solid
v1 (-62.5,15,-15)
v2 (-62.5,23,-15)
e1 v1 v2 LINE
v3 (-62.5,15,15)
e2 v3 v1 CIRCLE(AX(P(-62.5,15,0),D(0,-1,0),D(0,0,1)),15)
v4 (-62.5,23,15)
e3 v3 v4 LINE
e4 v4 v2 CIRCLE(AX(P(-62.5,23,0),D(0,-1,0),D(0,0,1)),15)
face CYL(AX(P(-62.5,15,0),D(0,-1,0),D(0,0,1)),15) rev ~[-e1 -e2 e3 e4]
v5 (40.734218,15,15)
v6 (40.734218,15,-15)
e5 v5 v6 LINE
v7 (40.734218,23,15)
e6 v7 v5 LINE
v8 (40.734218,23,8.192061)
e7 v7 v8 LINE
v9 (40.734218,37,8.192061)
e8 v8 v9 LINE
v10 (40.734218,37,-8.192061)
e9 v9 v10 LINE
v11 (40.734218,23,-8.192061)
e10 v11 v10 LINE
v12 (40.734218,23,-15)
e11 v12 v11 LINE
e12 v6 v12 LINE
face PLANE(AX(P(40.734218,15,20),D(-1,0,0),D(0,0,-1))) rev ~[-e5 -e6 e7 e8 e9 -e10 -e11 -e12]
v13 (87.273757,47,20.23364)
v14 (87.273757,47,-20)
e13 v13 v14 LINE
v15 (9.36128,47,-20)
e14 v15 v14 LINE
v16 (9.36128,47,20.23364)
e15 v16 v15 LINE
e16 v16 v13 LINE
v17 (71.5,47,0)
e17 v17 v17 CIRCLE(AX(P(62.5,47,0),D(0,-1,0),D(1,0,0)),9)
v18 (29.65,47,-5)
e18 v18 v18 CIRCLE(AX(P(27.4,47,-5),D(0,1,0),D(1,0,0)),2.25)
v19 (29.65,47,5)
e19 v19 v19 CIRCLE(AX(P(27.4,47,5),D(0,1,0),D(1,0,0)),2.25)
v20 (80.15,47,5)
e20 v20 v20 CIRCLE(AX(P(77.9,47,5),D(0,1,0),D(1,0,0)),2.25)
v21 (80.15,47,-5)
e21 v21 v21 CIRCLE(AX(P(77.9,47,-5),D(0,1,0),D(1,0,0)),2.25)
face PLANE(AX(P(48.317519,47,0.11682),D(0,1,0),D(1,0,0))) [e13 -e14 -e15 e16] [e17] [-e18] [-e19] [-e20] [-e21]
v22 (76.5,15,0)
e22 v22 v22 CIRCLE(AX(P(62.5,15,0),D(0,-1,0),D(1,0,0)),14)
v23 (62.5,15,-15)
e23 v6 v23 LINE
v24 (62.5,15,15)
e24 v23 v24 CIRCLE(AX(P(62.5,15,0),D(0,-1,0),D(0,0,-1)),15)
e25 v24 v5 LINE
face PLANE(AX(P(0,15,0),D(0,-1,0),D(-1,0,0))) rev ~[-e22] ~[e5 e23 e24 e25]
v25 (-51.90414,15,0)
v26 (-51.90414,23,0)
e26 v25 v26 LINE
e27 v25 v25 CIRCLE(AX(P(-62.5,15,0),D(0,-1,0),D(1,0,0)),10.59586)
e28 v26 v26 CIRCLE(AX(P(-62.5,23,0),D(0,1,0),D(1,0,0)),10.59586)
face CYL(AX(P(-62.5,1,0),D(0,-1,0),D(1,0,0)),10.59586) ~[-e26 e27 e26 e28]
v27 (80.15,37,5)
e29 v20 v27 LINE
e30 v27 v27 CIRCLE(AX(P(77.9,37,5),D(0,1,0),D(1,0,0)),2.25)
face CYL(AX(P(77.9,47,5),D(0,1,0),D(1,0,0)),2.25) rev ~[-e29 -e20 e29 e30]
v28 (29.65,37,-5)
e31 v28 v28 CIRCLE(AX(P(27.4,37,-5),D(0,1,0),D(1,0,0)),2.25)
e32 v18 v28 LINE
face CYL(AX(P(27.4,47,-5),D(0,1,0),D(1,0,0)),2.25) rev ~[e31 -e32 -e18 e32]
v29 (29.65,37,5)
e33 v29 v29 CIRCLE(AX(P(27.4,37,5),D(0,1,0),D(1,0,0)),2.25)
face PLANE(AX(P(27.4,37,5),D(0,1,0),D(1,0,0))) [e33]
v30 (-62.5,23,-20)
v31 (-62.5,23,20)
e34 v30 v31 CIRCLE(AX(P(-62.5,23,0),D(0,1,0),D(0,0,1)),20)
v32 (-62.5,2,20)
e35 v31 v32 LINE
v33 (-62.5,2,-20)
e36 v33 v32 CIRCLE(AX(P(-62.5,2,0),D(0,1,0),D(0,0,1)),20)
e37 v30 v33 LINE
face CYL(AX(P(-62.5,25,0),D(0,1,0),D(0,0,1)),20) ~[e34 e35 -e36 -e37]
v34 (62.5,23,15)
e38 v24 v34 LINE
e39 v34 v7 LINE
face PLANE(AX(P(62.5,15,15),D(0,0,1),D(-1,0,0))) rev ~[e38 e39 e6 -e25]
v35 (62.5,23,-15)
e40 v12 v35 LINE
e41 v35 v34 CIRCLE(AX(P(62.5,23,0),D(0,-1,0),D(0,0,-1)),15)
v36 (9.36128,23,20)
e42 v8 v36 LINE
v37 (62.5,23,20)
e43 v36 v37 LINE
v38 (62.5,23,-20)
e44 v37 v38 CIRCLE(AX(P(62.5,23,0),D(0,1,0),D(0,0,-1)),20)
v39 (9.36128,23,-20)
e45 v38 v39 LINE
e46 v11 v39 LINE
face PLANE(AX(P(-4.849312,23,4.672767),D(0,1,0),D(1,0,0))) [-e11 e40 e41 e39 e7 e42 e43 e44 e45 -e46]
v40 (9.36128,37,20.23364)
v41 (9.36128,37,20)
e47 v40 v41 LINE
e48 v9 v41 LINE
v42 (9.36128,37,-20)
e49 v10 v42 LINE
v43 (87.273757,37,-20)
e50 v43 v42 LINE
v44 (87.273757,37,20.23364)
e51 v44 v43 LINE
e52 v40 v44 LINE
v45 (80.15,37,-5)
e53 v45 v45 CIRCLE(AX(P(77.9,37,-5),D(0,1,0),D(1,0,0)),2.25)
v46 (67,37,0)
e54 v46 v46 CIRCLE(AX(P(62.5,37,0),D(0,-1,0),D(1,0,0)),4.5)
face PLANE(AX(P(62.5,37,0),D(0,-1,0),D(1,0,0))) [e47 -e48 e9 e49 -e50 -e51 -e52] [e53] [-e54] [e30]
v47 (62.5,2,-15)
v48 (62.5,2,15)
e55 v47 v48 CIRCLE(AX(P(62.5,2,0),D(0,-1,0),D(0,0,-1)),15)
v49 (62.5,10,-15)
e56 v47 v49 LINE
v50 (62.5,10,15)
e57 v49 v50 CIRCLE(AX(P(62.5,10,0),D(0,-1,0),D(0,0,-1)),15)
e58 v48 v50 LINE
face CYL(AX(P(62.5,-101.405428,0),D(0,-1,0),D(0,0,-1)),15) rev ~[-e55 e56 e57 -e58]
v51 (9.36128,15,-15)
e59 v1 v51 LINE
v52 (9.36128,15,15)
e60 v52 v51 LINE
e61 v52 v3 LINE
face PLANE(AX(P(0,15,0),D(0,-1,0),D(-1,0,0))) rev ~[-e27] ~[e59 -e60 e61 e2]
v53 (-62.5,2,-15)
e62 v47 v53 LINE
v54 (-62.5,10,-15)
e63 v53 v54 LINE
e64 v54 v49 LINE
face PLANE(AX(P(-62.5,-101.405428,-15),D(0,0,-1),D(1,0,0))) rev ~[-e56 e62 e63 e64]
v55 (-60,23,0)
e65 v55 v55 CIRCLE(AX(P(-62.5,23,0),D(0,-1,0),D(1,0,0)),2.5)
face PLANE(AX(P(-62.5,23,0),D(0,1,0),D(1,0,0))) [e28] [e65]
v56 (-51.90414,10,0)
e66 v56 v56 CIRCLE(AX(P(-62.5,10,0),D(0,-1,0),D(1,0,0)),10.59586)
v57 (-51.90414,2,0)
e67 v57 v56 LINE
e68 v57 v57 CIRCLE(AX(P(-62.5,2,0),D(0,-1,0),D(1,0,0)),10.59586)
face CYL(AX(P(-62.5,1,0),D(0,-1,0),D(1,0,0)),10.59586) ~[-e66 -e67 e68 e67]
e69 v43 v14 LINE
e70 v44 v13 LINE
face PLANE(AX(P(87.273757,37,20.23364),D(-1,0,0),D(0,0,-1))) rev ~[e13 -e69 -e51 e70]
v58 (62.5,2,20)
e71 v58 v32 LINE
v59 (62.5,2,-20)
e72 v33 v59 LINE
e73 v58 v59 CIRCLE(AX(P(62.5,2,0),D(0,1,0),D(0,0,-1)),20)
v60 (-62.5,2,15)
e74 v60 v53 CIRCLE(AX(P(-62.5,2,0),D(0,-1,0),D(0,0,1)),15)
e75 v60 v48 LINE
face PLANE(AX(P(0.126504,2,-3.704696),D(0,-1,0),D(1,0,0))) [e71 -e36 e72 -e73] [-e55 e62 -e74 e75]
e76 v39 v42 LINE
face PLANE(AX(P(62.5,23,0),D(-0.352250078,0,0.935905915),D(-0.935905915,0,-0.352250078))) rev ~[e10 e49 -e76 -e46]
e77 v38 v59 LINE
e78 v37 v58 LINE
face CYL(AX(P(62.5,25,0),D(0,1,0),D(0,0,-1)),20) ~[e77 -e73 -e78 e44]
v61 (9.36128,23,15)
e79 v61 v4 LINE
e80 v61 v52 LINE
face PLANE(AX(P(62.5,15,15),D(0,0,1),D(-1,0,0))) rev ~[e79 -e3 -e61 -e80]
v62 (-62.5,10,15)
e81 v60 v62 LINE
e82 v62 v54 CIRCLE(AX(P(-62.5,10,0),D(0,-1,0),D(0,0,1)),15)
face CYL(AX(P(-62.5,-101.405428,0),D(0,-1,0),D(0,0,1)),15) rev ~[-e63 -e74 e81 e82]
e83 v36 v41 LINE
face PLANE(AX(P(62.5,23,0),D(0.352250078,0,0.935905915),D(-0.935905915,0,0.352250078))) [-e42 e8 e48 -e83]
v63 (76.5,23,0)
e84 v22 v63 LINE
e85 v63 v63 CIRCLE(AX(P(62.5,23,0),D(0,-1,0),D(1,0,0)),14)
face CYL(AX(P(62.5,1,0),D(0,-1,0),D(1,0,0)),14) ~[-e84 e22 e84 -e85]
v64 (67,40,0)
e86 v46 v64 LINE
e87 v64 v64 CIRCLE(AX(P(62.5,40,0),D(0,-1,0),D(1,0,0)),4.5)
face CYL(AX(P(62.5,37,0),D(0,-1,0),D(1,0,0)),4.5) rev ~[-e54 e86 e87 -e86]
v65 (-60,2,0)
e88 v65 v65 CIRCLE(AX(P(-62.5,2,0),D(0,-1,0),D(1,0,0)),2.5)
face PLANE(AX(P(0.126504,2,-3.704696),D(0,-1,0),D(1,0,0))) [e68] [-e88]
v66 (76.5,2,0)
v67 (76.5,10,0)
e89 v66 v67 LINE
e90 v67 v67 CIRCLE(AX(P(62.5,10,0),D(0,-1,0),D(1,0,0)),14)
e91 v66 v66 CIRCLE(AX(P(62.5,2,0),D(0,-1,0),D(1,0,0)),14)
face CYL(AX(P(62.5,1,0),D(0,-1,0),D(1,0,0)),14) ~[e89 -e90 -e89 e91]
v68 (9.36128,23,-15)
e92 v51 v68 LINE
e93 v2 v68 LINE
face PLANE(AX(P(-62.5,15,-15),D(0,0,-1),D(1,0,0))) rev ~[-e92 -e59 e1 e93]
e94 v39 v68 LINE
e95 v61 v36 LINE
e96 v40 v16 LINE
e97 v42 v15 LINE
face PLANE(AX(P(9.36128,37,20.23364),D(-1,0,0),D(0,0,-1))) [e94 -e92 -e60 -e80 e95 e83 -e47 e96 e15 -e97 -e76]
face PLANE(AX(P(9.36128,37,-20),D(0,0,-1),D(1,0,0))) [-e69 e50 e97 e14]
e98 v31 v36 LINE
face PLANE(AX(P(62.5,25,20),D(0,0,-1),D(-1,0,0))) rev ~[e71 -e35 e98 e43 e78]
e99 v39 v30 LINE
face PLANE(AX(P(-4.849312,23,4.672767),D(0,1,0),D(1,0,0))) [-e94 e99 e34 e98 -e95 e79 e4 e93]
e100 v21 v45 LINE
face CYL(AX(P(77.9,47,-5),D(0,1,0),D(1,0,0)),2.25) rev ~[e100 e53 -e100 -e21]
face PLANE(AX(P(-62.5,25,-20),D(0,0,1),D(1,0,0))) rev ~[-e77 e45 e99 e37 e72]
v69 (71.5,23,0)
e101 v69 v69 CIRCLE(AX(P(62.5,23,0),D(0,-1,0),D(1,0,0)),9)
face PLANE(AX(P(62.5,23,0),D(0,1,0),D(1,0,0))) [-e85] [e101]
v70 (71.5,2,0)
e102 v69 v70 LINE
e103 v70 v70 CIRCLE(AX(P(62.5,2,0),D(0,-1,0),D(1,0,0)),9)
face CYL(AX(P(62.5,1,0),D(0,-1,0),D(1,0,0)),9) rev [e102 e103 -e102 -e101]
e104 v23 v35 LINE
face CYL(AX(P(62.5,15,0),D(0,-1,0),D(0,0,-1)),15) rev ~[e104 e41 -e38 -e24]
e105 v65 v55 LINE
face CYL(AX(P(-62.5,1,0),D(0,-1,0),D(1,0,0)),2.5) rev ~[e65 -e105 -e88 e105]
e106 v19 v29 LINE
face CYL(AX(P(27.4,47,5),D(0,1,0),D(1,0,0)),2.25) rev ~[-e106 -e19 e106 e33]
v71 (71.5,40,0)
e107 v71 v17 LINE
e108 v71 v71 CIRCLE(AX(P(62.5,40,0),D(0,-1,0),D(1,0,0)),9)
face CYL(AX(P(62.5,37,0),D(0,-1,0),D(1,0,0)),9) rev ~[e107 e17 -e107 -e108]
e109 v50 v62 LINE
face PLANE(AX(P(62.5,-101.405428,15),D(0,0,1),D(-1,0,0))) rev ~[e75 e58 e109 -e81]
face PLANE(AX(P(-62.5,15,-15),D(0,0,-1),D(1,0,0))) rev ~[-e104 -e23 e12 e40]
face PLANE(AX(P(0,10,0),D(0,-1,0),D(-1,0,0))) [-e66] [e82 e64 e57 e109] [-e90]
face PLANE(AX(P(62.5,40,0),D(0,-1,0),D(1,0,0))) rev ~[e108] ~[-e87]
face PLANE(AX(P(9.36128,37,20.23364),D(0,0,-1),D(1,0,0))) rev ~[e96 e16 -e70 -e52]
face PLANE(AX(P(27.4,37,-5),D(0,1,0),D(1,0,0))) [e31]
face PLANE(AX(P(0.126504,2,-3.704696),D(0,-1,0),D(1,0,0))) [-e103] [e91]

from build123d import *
from build123d.topology import SkipClean

# Parameters (mm, degrees)
BOSS_EXTRUDE1_DEPTH      = 25
SKETCH4_R                = 2.5
CUT_EXTRUDE1_DEPTH       = 101.40542814
CUT_EXTRUDE2_DEPTH       = 10
CUT_EXTRUDE2_DEPTH_BACK  = 101.40542814
CUT_EXTRUDE3_START       = -10
CUT_EXTRUDE3_DEPTH       = 10
SKETCH8_R                = 9
CUT_EXTRUDE5_DEPTH       = 99.393343271
CUT_EXTRUDE6_REACH       = 102.405
BOSS_EXTRUDE3_DEPTH      = 8
BOSS_EXTRUDE3_DEPTH_BACK = 14
SKETCH11_R               = 14
SKETCH11_R_2             = 9
BOSS_EXTRUDE4_DEPTH      = 8
BOSS_EXTRUDE4_DEPTH_BACK = 14
SKETCH9_R                = 10.595859712
SKETCH12_R               = 2.5
CUT_EXTRUDE7_DEPTH       = 89.217061842
SKETCH13_W               = 193.888130969
SKETCH13_H               = 72.528835421
CUT_EXTRUDE8_DEPTH       = 2
SKETCH14_W               = 198.779610567
SKETCH14_H               = 62.99888379
CUT_EXTRUDE9_DEPTH       = 2
SKETCH15_W               = 31.372938112
SKETCH15_H               = 40
BOSS_EXTRUDE6_DEPTH      = 22
SKETCH16_W               = 77.912477191
SKETCH16_H               = 40.233640204
BOSS_EXTRUDE7_DEPTH      = 10
SKETCH17_R               = 9
CUT_EXTRUDE10_DEPTH      = 10
SKETCH18_R               = 2.25
CUT_EXTRUDE11_DEPTH      = 10
CUT_EXTRUDE12_DEPTH      = 14
CUT_EXTRUDE13_DEPTH      = 14
SKETCH21_R               = 9
SKETCH21_R_2             = 4.5
BOSS_EXTRUDE9_DEPTH      = 3


with BuildPart() as part:
    # Sketch1 → Boss-Extrude1 (new body)
    with BuildSketch(Plane(origin=(0, 0, 0), x_dir=(1, 0, 0), z_dir=(0, 1, 0))):
        with BuildLine():
            Line((-62.5, 30), (62.5, 30))
            ThreePointArc((62.5, 30), (92.5, 0), (62.5, -30))
            Line((62.5, -30), (-62.5, -30))
            ThreePointArc((-62.5, -30), (-92.5, 0), (-62.5, 30))
        make_face()
    extrude(amount=BOSS_EXTRUDE1_DEPTH)

    # Sketch4 → Cut-Extrude1 (cut, through all)
    with BuildSketch(Plane(origin=(0, 25, 0), x_dir=(1, 0, 0), z_dir=(0, 1, 0))):
        with Locations((-62.5, 0)):
            Circle(SKETCH4_R)
    extrude(amount=-CUT_EXTRUDE1_DEPTH, mode=Mode.SUBTRACT)

    # Sketch1<3> → Cut-Extrude2 (cut, two sides: drawn at the far end of the back side and taken through both)
    with BuildSketch(Plane(origin=(0, 0, 0), x_dir=(1, 0, 0), z_dir=(0, 1, 0)).offset(-CUT_EXTRUDE2_DEPTH_BACK)):
        with BuildLine():
            Line((-62.5, 15), (62.5, 15))
            ThreePointArc((62.5, 15), (77.5, 0), (62.5, -15))
            Line((62.5, -15), (-62.5, -15))
            ThreePointArc((-62.5, -15), (-77.5, 0), (-62.5, 15))
        make_face()
    extrude(amount=CUT_EXTRUDE2_DEPTH + CUT_EXTRUDE2_DEPTH_BACK, mode=Mode.SUBTRACT)

    # Sketch7 → Cut-Extrude3 (cut)
    with BuildSketch(Plane(origin=(0, 25, 0), x_dir=(1, 0, 0), z_dir=(0, 1, 0)).offset(CUT_EXTRUDE3_START)):
        with BuildLine():
            Line((-62.5, 15), (62.5, 15))
            ThreePointArc((62.5, 15), (77.5, 0), (62.5, -15))
            Line((62.5, -15), (-62.5, -15))
            ThreePointArc((-62.5, -15), (-77.5, 0), (-62.5, 15))
        make_face()
    extrude(amount=CUT_EXTRUDE3_DEPTH, mode=Mode.SUBTRACT)

    # Sketch8 → Cut-Extrude5 (cut, through all)
    with BuildSketch(Plane(origin=(0, 10, 0), x_dir=(-1, 0, 0), z_dir=(0, -1, 0))):
        with Locations((-62.5, 0)):
            Circle(SKETCH8_R)
    extrude(amount=-CUT_EXTRUDE5_DEPTH, mode=Mode.SUBTRACT)

    # Sketch10 → Cut-Extrude6 (cut, up to next)
    with BuildSketch(Plane(origin=(0, 25, 0), x_dir=(1, 0, 0), z_dir=(0, 1, 0)), mode=Mode.PRIVATE) as cut_extrude6_sk1:
        with BuildLine():
            Line((-62.5, -30), (62.5, -30))
            ThreePointArc((62.5, -30), (92.5, 0), (62.5, 30))
            Line((62.5, 30), (-62.5, 30))
            ThreePointArc((-62.5, 30), (-92.5, 0), (-62.5, -30))
        make_face()
        with BuildLine():
            Line((-62.5, 20), (62.5, 20))
            ThreePointArc((62.5, 20), (82.5, 0), (62.5, -20))
            Line((62.5, -20), (-62.5, -20))
            ThreePointArc((-62.5, -20), (-82.5, 0), (-62.5, 20))
        make_face(mode=Mode.SUBTRACT)
    cut_extrude6_tool1 = extrude(cut_extrude6_sk1.sketch, amount=-CUT_EXTRUDE6_REACH, mode=Mode.PRIVATE) & part.part
    add(cut_extrude6_tool1.solids().sort_by_distance((0, 25, 28.055135))[0], mode=Mode.SUBTRACT)

    # Sketch11 → Boss-Extrude3 (add, two sides: drawn at the far end of the back side and taken through both)
    with BuildSketch(Plane(origin=(0, 15, 0), x_dir=(1, 0, 0), z_dir=(0, 1, 0)).offset(-BOSS_EXTRUDE3_DEPTH_BACK)):
        with Locations((62.5, 0)):
            Circle(SKETCH11_R)
        with Locations((62.5, 0)):
            Circle(SKETCH11_R_2, mode=Mode.SUBTRACT)
    extrude(amount=BOSS_EXTRUDE3_DEPTH + BOSS_EXTRUDE3_DEPTH_BACK)

    # Sketch9 → Boss-Extrude4 (add, two sides: drawn at the far end of the back side and taken through both)
    with BuildSketch(Plane(origin=(0, 15, 0), x_dir=(1, 0, 0), z_dir=(0, 1, 0)).offset(-BOSS_EXTRUDE4_DEPTH_BACK)):
        with Locations((-62.5, 0)):
            Circle(SKETCH9_R)
    extrude(amount=BOSS_EXTRUDE4_DEPTH + BOSS_EXTRUDE4_DEPTH_BACK)

    # Sketch12 → Cut-Extrude7 (cut, through all)
    with BuildSketch(Plane.XZ.offset(-1)):
        with Locations((-62.5, 0)):
            Circle(SKETCH12_R)
    extrude(amount=-CUT_EXTRUDE7_DEPTH, mode=Mode.SUBTRACT)

    # Sketch13 → Cut-Extrude8 (cut)
    with BuildSketch(Plane(origin=(0, 25, 0), x_dir=(1, 0, 0), z_dir=(0, 1, 0))):
        with Locations((-4.849311671, -4.672767471)):
            Rectangle(SKETCH13_W, SKETCH13_H)
    extrude(amount=-CUT_EXTRUDE8_DEPTH, mode=Mode.SUBTRACT)

    # Sketch14 → Cut-Extrude9 (cut)
    with BuildSketch(Plane.XZ):
        with Locations((0.126503783, -3.704696323)):
            Rectangle(SKETCH14_W, SKETCH14_H)
    extrude(amount=-CUT_EXTRUDE9_DEPTH, mode=Mode.SUBTRACT)

    # Sketch15 → Boss-Extrude6 (add)
    with BuildSketch(Plane(origin=(0, 15, 0), x_dir=(1, 0, 0), z_dir=(0, 1, 0))):
        with Locations((25.047748977, 0)):
            Rectangle(SKETCH15_W, SKETCH15_H)
    extrude(amount=BOSS_EXTRUDE6_DEPTH)

    # Sketch16 → Boss-Extrude7 (add)
    with SkipClean():  # the faces are left unmerged after this step: merging them gives an invalid solid
        with BuildSketch(Plane(origin=(0, 37, 0), x_dir=(1, 0, 0), z_dir=(0, 1, 0))):
            with Locations((48.317518517, -0.116820102)):
                Rectangle(SKETCH16_W, SKETCH16_H)
        extrude(amount=BOSS_EXTRUDE7_DEPTH)

    # Sketch17 → Cut-Extrude10 (cut)
    with SkipClean():  # the faces are left unmerged after this step: merging them gives an invalid solid
        with BuildSketch(Plane.XZ.offset(-37)):
            with Locations((62.5, 0)):
                Circle(SKETCH17_R)
        extrude(amount=-CUT_EXTRUDE10_DEPTH, mode=Mode.SUBTRACT)

    # Sketch18 → Cut-Extrude11 (cut)
    with SkipClean():  # the faces are left unmerged after this step: merging them gives an invalid solid
        with BuildSketch(Plane(origin=(0, 47, 0), x_dir=(1, 0, 0), z_dir=(0, 1, 0))):
            with Locations((27.4, 5)):
                Circle(SKETCH18_R)
            with Locations((27.4, -5)):
                Circle(SKETCH18_R)
            with Locations((77.9, 5)):
                Circle(SKETCH18_R)
            with Locations((77.9, -5)):
                Circle(SKETCH18_R)
        extrude(amount=-CUT_EXTRUDE11_DEPTH, mode=Mode.SUBTRACT)

    # Sketch19 → Cut-Extrude12 (cut)
    with BuildSketch(Plane(origin=(0, 23, 0), x_dir=(1, 0, 0), z_dir=(0, 1, 0))):
        Polygon((62.5, 0), (9.361279921, 20), (62.5, 20), align=None)
    extrude(amount=CUT_EXTRUDE12_DEPTH, mode=Mode.SUBTRACT)

    # Sketch20 → Cut-Extrude13 (cut)
    with BuildSketch(Plane(origin=(0, 23, 0), x_dir=(1, 0, 0), z_dir=(0, 1, 0))):
        Polygon((62.5, 0), (9.361279921, -20), (62.5, -20.233640204), align=None)
    extrude(amount=CUT_EXTRUDE13_DEPTH, mode=Mode.SUBTRACT)

    # Sketch21 → Boss-Extrude9 (add)
    with BuildSketch(Plane.XZ.offset(-37)):
        with Locations((62.5, 0)):
            Circle(SKETCH21_R)
        with Locations((62.5, 0)):
            Circle(SKETCH21_R_2, mode=Mode.SUBTRACT)
    extrude(amount=-BOSS_EXTRUDE9_DEPTH)


solid = part.part
